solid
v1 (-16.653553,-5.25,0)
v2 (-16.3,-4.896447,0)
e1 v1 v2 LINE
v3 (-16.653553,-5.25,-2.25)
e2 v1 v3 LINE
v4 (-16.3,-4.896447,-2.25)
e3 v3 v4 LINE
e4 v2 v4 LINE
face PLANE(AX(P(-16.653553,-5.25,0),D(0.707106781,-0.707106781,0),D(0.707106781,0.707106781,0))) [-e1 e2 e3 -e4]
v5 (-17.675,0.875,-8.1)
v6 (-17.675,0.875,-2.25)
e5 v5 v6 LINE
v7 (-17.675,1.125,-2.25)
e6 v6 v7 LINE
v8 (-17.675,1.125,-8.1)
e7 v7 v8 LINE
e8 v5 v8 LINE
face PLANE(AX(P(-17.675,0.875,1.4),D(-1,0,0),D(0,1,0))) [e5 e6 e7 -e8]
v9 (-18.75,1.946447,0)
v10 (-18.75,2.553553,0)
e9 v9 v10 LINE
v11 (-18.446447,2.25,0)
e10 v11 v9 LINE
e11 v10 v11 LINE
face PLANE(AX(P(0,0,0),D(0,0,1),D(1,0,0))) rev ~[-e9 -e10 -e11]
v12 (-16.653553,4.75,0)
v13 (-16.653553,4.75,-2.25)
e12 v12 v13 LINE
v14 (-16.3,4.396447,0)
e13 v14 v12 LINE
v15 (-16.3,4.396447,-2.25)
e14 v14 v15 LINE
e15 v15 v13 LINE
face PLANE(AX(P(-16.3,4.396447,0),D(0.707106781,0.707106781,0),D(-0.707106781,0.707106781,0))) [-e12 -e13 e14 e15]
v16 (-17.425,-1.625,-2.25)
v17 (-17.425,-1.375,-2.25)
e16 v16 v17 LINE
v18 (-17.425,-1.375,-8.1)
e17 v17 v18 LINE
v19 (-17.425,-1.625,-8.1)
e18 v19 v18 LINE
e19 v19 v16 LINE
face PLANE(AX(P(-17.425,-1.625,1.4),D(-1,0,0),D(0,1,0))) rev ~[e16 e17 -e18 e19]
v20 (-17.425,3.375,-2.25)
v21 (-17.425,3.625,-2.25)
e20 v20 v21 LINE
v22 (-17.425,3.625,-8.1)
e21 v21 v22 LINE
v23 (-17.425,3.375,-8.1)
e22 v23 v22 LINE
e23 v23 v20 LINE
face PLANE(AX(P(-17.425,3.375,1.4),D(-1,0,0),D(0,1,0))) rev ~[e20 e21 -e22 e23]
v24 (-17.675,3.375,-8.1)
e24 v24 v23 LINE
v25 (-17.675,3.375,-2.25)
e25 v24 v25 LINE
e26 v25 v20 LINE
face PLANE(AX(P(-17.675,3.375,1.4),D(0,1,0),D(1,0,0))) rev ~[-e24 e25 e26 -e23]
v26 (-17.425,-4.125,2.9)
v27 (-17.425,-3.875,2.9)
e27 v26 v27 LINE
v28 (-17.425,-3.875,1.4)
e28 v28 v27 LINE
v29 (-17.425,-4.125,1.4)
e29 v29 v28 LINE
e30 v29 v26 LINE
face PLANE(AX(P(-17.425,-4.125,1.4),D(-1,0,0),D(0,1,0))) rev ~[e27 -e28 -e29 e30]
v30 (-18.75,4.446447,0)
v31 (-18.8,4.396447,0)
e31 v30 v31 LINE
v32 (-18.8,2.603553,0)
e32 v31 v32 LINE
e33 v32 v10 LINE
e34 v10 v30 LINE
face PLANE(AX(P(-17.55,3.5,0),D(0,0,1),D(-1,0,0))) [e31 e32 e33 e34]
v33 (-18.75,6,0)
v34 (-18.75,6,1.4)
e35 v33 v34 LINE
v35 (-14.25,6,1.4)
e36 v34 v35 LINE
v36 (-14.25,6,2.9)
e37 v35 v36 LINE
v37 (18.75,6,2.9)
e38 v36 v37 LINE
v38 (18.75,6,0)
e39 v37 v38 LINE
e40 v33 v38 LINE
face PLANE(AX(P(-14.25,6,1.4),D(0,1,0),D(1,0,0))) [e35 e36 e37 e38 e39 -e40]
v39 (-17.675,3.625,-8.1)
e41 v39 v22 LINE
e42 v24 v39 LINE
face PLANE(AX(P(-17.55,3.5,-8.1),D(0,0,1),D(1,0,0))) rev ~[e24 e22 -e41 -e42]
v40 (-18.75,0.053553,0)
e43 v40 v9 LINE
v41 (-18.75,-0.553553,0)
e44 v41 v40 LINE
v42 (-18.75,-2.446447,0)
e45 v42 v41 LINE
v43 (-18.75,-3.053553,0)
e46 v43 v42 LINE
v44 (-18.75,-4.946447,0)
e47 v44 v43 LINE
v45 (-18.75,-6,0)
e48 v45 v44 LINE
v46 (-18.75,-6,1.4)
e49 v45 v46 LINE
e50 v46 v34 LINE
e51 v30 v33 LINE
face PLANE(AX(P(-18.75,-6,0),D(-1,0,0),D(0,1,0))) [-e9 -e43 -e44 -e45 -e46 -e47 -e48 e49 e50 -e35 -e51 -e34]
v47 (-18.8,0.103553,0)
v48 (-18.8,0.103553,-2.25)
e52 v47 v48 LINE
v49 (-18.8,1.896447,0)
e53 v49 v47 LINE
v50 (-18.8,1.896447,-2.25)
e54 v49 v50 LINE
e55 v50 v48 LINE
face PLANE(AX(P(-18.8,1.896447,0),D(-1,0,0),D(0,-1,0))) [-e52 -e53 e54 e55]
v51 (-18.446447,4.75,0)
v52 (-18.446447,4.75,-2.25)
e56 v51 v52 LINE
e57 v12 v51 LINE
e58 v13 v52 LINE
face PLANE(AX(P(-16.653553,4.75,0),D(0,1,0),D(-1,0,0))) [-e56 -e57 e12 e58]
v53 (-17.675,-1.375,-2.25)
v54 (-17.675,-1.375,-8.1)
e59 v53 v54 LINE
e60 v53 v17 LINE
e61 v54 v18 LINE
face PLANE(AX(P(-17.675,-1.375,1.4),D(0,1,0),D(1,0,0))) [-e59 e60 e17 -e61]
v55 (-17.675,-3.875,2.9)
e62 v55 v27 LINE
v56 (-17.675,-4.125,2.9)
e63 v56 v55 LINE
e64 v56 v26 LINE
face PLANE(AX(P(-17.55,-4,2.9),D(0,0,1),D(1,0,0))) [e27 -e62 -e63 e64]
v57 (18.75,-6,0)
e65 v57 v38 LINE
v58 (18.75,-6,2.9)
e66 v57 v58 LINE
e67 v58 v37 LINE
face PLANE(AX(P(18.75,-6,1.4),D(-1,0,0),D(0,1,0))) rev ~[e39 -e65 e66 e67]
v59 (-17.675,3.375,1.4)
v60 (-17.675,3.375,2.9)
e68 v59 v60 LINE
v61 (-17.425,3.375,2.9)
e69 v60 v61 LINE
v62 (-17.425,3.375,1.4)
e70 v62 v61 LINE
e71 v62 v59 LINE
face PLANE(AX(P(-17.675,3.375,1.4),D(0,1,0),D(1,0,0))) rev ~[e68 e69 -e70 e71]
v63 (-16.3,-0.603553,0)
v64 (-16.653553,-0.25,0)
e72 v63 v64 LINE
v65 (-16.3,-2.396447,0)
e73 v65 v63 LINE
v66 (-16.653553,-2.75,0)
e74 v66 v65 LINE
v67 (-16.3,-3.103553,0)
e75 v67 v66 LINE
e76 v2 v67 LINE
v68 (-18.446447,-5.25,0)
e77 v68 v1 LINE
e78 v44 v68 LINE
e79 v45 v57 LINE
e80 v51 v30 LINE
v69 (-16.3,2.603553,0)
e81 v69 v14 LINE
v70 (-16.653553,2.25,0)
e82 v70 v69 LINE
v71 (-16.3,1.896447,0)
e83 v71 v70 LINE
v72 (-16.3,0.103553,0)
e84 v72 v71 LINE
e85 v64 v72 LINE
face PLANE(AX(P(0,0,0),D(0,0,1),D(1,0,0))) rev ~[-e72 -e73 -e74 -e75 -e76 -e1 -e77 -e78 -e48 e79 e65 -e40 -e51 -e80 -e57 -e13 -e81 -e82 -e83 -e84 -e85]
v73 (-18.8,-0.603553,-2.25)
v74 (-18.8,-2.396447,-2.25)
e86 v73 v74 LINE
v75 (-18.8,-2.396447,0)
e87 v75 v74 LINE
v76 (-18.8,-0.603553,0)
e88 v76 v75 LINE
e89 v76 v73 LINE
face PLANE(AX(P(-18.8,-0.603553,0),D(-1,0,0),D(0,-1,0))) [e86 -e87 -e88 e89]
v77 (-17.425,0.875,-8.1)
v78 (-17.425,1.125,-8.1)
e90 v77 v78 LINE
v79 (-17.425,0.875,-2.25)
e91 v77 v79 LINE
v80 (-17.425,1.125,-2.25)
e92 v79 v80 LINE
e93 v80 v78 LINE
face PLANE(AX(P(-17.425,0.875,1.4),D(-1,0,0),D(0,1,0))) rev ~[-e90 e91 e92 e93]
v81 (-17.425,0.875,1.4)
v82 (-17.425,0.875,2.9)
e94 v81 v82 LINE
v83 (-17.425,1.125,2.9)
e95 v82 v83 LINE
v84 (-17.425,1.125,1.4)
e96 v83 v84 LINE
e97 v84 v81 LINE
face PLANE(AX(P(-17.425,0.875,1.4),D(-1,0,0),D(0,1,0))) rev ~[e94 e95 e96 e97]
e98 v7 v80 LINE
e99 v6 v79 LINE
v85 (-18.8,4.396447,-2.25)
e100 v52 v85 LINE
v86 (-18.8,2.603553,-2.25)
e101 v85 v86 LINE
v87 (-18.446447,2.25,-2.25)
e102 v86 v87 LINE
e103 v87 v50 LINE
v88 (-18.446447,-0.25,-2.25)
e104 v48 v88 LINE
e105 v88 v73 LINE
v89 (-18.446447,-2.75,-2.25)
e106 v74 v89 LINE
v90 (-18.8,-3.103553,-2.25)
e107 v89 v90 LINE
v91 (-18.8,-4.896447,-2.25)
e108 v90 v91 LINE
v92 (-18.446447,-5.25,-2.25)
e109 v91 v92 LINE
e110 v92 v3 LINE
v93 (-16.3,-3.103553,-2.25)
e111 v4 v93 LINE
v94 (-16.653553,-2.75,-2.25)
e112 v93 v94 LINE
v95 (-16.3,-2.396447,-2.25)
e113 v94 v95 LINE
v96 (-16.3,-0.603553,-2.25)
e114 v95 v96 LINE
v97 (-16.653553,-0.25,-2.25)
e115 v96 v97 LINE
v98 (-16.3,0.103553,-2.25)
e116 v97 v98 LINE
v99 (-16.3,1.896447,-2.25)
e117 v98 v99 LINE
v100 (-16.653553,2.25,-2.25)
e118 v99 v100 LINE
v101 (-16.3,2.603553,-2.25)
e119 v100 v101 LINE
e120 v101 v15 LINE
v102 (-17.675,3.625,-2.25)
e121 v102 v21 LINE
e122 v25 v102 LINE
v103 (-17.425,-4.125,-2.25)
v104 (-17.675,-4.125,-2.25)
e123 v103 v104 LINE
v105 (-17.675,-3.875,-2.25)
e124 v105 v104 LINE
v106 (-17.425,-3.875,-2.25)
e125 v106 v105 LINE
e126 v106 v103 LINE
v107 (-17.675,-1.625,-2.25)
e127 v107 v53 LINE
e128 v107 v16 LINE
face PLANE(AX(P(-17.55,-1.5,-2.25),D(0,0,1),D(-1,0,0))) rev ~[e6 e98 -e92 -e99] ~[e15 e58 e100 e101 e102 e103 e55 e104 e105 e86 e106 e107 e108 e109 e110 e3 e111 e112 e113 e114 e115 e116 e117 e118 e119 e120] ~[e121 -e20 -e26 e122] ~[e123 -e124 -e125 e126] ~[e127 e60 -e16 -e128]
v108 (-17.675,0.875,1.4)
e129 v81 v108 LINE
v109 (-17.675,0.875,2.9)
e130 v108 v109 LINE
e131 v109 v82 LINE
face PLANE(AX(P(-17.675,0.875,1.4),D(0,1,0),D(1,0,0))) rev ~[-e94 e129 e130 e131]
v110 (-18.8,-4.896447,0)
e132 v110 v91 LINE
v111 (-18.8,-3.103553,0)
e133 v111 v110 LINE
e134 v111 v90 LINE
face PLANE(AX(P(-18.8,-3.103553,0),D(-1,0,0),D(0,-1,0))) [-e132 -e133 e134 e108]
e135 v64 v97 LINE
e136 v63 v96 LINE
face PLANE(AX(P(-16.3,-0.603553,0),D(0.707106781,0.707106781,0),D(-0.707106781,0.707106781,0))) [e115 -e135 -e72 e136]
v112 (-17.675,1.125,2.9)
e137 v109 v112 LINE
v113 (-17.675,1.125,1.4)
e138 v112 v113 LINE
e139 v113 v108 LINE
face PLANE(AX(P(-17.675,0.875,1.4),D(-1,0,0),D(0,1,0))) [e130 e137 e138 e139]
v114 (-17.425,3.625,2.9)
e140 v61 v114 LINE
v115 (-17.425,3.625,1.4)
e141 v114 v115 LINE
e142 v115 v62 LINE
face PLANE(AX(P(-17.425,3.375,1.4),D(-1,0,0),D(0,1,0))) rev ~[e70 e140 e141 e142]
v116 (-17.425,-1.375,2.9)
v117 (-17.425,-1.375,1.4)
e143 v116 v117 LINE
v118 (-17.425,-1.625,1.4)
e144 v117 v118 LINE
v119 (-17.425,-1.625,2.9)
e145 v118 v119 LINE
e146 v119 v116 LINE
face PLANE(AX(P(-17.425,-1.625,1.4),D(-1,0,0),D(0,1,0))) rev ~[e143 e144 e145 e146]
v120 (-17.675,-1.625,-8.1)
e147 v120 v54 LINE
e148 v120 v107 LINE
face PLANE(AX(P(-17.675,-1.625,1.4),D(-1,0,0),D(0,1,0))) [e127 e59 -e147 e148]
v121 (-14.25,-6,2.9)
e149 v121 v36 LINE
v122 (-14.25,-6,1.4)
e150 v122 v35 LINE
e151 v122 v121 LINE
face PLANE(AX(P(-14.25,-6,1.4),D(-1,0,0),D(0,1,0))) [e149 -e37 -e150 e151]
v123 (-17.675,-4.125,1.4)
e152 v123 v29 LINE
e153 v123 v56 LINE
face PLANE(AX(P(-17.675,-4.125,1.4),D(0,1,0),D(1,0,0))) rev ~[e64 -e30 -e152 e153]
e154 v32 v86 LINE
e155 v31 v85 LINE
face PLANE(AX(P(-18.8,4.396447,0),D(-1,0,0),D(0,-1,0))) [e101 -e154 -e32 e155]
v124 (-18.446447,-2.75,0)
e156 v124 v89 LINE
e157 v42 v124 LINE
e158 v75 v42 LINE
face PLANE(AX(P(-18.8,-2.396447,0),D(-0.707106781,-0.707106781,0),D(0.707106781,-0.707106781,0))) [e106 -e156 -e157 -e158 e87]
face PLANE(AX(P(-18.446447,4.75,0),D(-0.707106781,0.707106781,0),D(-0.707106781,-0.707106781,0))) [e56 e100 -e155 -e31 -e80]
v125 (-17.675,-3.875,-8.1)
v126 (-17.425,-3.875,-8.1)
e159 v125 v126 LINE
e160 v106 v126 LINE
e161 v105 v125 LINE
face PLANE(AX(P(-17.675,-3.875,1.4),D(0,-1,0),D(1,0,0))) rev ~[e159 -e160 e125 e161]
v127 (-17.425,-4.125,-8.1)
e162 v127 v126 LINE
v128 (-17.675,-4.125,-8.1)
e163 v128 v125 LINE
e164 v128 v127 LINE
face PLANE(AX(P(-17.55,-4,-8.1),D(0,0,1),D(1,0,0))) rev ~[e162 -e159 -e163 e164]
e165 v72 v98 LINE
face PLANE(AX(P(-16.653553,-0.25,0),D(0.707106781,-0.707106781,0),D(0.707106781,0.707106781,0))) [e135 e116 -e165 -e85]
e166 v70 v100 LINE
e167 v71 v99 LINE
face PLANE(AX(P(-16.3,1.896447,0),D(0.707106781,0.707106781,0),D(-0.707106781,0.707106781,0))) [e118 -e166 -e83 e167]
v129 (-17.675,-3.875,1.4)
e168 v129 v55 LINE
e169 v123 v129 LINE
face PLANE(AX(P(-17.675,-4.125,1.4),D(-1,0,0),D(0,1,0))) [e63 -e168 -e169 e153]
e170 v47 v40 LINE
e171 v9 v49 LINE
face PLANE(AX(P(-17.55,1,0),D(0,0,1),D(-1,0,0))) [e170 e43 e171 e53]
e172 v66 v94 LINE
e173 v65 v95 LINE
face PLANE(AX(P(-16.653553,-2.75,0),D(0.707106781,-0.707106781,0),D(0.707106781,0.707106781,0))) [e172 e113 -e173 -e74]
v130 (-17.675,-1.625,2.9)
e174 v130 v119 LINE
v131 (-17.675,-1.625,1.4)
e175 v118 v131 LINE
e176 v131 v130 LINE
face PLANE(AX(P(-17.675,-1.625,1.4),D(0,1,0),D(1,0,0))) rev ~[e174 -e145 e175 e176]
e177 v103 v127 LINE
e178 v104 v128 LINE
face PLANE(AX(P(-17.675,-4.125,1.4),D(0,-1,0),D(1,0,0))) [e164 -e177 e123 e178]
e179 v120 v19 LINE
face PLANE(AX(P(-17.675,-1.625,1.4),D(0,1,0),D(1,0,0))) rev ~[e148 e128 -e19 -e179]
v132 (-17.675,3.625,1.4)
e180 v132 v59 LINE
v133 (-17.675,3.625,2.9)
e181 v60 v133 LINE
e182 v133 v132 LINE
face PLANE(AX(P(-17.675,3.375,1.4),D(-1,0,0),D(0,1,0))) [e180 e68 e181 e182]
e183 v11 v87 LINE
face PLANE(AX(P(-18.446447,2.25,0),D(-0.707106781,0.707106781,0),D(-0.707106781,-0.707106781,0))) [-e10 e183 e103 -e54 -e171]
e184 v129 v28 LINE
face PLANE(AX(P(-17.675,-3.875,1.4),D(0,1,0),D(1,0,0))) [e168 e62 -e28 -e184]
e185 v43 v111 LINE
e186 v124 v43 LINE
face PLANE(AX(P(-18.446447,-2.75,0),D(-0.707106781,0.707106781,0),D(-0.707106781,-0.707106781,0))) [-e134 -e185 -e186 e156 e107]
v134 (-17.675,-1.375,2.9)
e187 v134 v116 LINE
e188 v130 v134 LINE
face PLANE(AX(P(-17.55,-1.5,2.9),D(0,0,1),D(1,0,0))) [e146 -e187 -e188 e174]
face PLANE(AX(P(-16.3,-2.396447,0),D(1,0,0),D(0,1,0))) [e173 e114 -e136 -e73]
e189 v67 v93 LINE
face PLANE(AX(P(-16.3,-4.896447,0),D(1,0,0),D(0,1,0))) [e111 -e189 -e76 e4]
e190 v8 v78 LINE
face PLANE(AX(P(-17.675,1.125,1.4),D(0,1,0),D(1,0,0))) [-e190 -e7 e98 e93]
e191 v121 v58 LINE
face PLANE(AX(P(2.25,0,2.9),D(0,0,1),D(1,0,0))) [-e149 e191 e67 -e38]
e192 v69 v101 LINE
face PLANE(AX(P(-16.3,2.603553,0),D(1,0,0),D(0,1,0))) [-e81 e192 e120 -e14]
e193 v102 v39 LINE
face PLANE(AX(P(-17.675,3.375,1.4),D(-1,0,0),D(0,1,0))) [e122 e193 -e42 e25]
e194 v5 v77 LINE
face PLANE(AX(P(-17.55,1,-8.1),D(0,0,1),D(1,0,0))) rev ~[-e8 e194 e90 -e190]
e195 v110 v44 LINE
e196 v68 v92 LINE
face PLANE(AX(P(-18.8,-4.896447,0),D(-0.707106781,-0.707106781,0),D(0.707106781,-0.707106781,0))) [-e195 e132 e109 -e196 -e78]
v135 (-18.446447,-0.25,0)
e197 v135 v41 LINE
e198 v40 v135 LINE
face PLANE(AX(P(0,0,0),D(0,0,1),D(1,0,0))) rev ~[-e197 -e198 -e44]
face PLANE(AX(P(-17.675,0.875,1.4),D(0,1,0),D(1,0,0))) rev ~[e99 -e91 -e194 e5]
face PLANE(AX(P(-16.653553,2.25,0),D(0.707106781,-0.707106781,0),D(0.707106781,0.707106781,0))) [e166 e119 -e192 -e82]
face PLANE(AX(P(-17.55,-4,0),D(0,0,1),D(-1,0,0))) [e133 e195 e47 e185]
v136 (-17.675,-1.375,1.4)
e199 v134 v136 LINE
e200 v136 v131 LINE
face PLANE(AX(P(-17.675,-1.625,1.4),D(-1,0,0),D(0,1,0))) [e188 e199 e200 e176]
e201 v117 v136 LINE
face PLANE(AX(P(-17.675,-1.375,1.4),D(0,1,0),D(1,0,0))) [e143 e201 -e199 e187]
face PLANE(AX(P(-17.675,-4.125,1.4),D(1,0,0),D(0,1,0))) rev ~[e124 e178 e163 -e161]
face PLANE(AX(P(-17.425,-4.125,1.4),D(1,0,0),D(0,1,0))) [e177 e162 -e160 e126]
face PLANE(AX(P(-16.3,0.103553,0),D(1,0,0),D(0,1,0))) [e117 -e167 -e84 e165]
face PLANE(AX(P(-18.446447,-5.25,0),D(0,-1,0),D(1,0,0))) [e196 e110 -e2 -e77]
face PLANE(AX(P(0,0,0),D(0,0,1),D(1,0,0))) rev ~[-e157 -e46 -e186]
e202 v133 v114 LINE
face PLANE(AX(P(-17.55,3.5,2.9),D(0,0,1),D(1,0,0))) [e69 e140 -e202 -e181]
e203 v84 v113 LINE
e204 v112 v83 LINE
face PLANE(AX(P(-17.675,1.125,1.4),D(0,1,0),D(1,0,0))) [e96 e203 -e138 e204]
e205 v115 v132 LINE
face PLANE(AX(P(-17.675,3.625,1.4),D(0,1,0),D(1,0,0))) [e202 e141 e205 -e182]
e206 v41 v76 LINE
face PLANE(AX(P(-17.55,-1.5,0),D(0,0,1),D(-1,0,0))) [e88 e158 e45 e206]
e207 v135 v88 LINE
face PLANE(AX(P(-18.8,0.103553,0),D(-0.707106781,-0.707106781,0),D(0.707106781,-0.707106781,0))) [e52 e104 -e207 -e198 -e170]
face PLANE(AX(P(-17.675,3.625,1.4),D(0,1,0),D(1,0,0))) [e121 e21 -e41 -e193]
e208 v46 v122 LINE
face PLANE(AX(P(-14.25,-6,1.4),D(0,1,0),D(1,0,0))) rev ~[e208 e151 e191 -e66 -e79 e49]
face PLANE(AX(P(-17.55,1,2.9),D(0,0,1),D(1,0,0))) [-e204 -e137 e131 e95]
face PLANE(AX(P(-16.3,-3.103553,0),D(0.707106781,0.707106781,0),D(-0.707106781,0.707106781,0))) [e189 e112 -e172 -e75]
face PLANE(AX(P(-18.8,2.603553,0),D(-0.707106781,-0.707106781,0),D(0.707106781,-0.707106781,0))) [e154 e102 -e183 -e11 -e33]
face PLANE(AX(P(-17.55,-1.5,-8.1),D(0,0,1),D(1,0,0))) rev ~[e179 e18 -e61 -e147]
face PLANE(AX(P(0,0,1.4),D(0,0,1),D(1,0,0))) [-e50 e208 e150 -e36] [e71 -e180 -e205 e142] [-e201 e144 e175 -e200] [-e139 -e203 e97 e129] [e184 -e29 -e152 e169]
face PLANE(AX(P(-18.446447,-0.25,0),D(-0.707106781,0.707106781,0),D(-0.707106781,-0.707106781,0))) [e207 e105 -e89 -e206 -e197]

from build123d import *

# Parameters (mm, degrees)
SKETCH_W               = 37.5
SKETCH_H               = 12
PAD_DEPTH              = 1.4
SKETCH001_W            = 33
SKETCH001_H            = 12
PAD001_DEPTH           = 1.5
SKETCH002_W            = 0.25
SKETCH002_H            = 0.25
PAD002_DEPTH           = 1.5
PAD002_DEPTH_BACK      = 9.5
LINEARPATTERN_COUNT    = 4
LINEARPATTERN_PITCH    = 2.5
PAD003_DEPTH           = 2.25
LINEARPATTERN001_COUNT = 4
LINEARPATTERN001_PITCH = 2.5


with BuildPart() as part:
    # Sketch → Pad (new body)
    with BuildSketch(Plane.XY):
        Rectangle(SKETCH_W, SKETCH_H)
    extrude(amount=PAD_DEPTH)

    # Sketch001 (on Face6 of Pad) → Pad001 (join)
    with BuildSketch(Plane.XY.offset(1.4)):
        with Locations((2.25, 0)):
            Rectangle(SKETCH001_W, SKETCH001_H)
    extrude(amount=PAD001_DEPTH)

    # Sketch002 (on Face5 of Pad001) → Pad002 (join, two sides)
    with BuildSketch(Plane.XY.offset(1.4)) as pad002_sk:
        with Locations((-17.55, -4)):
            Rectangle(SKETCH002_W, SKETCH002_H)
    pad002 = extrude(amount=PAD002_DEPTH) + extrude(pad002_sk.sketch, amount=-PAD002_DEPTH_BACK)

    # LinearPattern: Pad002 ×4
    with Locations(*[(0, i * LINEARPATTERN_PITCH, 0) for i in range(1, LINEARPATTERN_COUNT)]):
        add(pad002)

    # Sketch003 (on Face4 of LinearPattern) → Pad003 (join)
    with BuildSketch(Plane(origin=(0, 0, 0), x_dir=(1, 0, 0), z_dir=(0, 0, -1))):
        Polygon((-18.8, 4.896447), (-18.446447, 5.25), (-16.653553, 5.25), (-16.3, 4.896447), (-16.3, 3.103553), (-16.653553, 2.75), (-18.446447, 2.75), (-18.8, 3.103553), align=None)
    pad003 = extrude(amount=PAD003_DEPTH)

    # LinearPattern001: Pad003 ×4
    with Locations(*[(0, i * LINEARPATTERN001_PITCH, 0) for i in range(1, LINEARPATTERN001_COUNT)]):
        add(pad003)


solid = part.part
